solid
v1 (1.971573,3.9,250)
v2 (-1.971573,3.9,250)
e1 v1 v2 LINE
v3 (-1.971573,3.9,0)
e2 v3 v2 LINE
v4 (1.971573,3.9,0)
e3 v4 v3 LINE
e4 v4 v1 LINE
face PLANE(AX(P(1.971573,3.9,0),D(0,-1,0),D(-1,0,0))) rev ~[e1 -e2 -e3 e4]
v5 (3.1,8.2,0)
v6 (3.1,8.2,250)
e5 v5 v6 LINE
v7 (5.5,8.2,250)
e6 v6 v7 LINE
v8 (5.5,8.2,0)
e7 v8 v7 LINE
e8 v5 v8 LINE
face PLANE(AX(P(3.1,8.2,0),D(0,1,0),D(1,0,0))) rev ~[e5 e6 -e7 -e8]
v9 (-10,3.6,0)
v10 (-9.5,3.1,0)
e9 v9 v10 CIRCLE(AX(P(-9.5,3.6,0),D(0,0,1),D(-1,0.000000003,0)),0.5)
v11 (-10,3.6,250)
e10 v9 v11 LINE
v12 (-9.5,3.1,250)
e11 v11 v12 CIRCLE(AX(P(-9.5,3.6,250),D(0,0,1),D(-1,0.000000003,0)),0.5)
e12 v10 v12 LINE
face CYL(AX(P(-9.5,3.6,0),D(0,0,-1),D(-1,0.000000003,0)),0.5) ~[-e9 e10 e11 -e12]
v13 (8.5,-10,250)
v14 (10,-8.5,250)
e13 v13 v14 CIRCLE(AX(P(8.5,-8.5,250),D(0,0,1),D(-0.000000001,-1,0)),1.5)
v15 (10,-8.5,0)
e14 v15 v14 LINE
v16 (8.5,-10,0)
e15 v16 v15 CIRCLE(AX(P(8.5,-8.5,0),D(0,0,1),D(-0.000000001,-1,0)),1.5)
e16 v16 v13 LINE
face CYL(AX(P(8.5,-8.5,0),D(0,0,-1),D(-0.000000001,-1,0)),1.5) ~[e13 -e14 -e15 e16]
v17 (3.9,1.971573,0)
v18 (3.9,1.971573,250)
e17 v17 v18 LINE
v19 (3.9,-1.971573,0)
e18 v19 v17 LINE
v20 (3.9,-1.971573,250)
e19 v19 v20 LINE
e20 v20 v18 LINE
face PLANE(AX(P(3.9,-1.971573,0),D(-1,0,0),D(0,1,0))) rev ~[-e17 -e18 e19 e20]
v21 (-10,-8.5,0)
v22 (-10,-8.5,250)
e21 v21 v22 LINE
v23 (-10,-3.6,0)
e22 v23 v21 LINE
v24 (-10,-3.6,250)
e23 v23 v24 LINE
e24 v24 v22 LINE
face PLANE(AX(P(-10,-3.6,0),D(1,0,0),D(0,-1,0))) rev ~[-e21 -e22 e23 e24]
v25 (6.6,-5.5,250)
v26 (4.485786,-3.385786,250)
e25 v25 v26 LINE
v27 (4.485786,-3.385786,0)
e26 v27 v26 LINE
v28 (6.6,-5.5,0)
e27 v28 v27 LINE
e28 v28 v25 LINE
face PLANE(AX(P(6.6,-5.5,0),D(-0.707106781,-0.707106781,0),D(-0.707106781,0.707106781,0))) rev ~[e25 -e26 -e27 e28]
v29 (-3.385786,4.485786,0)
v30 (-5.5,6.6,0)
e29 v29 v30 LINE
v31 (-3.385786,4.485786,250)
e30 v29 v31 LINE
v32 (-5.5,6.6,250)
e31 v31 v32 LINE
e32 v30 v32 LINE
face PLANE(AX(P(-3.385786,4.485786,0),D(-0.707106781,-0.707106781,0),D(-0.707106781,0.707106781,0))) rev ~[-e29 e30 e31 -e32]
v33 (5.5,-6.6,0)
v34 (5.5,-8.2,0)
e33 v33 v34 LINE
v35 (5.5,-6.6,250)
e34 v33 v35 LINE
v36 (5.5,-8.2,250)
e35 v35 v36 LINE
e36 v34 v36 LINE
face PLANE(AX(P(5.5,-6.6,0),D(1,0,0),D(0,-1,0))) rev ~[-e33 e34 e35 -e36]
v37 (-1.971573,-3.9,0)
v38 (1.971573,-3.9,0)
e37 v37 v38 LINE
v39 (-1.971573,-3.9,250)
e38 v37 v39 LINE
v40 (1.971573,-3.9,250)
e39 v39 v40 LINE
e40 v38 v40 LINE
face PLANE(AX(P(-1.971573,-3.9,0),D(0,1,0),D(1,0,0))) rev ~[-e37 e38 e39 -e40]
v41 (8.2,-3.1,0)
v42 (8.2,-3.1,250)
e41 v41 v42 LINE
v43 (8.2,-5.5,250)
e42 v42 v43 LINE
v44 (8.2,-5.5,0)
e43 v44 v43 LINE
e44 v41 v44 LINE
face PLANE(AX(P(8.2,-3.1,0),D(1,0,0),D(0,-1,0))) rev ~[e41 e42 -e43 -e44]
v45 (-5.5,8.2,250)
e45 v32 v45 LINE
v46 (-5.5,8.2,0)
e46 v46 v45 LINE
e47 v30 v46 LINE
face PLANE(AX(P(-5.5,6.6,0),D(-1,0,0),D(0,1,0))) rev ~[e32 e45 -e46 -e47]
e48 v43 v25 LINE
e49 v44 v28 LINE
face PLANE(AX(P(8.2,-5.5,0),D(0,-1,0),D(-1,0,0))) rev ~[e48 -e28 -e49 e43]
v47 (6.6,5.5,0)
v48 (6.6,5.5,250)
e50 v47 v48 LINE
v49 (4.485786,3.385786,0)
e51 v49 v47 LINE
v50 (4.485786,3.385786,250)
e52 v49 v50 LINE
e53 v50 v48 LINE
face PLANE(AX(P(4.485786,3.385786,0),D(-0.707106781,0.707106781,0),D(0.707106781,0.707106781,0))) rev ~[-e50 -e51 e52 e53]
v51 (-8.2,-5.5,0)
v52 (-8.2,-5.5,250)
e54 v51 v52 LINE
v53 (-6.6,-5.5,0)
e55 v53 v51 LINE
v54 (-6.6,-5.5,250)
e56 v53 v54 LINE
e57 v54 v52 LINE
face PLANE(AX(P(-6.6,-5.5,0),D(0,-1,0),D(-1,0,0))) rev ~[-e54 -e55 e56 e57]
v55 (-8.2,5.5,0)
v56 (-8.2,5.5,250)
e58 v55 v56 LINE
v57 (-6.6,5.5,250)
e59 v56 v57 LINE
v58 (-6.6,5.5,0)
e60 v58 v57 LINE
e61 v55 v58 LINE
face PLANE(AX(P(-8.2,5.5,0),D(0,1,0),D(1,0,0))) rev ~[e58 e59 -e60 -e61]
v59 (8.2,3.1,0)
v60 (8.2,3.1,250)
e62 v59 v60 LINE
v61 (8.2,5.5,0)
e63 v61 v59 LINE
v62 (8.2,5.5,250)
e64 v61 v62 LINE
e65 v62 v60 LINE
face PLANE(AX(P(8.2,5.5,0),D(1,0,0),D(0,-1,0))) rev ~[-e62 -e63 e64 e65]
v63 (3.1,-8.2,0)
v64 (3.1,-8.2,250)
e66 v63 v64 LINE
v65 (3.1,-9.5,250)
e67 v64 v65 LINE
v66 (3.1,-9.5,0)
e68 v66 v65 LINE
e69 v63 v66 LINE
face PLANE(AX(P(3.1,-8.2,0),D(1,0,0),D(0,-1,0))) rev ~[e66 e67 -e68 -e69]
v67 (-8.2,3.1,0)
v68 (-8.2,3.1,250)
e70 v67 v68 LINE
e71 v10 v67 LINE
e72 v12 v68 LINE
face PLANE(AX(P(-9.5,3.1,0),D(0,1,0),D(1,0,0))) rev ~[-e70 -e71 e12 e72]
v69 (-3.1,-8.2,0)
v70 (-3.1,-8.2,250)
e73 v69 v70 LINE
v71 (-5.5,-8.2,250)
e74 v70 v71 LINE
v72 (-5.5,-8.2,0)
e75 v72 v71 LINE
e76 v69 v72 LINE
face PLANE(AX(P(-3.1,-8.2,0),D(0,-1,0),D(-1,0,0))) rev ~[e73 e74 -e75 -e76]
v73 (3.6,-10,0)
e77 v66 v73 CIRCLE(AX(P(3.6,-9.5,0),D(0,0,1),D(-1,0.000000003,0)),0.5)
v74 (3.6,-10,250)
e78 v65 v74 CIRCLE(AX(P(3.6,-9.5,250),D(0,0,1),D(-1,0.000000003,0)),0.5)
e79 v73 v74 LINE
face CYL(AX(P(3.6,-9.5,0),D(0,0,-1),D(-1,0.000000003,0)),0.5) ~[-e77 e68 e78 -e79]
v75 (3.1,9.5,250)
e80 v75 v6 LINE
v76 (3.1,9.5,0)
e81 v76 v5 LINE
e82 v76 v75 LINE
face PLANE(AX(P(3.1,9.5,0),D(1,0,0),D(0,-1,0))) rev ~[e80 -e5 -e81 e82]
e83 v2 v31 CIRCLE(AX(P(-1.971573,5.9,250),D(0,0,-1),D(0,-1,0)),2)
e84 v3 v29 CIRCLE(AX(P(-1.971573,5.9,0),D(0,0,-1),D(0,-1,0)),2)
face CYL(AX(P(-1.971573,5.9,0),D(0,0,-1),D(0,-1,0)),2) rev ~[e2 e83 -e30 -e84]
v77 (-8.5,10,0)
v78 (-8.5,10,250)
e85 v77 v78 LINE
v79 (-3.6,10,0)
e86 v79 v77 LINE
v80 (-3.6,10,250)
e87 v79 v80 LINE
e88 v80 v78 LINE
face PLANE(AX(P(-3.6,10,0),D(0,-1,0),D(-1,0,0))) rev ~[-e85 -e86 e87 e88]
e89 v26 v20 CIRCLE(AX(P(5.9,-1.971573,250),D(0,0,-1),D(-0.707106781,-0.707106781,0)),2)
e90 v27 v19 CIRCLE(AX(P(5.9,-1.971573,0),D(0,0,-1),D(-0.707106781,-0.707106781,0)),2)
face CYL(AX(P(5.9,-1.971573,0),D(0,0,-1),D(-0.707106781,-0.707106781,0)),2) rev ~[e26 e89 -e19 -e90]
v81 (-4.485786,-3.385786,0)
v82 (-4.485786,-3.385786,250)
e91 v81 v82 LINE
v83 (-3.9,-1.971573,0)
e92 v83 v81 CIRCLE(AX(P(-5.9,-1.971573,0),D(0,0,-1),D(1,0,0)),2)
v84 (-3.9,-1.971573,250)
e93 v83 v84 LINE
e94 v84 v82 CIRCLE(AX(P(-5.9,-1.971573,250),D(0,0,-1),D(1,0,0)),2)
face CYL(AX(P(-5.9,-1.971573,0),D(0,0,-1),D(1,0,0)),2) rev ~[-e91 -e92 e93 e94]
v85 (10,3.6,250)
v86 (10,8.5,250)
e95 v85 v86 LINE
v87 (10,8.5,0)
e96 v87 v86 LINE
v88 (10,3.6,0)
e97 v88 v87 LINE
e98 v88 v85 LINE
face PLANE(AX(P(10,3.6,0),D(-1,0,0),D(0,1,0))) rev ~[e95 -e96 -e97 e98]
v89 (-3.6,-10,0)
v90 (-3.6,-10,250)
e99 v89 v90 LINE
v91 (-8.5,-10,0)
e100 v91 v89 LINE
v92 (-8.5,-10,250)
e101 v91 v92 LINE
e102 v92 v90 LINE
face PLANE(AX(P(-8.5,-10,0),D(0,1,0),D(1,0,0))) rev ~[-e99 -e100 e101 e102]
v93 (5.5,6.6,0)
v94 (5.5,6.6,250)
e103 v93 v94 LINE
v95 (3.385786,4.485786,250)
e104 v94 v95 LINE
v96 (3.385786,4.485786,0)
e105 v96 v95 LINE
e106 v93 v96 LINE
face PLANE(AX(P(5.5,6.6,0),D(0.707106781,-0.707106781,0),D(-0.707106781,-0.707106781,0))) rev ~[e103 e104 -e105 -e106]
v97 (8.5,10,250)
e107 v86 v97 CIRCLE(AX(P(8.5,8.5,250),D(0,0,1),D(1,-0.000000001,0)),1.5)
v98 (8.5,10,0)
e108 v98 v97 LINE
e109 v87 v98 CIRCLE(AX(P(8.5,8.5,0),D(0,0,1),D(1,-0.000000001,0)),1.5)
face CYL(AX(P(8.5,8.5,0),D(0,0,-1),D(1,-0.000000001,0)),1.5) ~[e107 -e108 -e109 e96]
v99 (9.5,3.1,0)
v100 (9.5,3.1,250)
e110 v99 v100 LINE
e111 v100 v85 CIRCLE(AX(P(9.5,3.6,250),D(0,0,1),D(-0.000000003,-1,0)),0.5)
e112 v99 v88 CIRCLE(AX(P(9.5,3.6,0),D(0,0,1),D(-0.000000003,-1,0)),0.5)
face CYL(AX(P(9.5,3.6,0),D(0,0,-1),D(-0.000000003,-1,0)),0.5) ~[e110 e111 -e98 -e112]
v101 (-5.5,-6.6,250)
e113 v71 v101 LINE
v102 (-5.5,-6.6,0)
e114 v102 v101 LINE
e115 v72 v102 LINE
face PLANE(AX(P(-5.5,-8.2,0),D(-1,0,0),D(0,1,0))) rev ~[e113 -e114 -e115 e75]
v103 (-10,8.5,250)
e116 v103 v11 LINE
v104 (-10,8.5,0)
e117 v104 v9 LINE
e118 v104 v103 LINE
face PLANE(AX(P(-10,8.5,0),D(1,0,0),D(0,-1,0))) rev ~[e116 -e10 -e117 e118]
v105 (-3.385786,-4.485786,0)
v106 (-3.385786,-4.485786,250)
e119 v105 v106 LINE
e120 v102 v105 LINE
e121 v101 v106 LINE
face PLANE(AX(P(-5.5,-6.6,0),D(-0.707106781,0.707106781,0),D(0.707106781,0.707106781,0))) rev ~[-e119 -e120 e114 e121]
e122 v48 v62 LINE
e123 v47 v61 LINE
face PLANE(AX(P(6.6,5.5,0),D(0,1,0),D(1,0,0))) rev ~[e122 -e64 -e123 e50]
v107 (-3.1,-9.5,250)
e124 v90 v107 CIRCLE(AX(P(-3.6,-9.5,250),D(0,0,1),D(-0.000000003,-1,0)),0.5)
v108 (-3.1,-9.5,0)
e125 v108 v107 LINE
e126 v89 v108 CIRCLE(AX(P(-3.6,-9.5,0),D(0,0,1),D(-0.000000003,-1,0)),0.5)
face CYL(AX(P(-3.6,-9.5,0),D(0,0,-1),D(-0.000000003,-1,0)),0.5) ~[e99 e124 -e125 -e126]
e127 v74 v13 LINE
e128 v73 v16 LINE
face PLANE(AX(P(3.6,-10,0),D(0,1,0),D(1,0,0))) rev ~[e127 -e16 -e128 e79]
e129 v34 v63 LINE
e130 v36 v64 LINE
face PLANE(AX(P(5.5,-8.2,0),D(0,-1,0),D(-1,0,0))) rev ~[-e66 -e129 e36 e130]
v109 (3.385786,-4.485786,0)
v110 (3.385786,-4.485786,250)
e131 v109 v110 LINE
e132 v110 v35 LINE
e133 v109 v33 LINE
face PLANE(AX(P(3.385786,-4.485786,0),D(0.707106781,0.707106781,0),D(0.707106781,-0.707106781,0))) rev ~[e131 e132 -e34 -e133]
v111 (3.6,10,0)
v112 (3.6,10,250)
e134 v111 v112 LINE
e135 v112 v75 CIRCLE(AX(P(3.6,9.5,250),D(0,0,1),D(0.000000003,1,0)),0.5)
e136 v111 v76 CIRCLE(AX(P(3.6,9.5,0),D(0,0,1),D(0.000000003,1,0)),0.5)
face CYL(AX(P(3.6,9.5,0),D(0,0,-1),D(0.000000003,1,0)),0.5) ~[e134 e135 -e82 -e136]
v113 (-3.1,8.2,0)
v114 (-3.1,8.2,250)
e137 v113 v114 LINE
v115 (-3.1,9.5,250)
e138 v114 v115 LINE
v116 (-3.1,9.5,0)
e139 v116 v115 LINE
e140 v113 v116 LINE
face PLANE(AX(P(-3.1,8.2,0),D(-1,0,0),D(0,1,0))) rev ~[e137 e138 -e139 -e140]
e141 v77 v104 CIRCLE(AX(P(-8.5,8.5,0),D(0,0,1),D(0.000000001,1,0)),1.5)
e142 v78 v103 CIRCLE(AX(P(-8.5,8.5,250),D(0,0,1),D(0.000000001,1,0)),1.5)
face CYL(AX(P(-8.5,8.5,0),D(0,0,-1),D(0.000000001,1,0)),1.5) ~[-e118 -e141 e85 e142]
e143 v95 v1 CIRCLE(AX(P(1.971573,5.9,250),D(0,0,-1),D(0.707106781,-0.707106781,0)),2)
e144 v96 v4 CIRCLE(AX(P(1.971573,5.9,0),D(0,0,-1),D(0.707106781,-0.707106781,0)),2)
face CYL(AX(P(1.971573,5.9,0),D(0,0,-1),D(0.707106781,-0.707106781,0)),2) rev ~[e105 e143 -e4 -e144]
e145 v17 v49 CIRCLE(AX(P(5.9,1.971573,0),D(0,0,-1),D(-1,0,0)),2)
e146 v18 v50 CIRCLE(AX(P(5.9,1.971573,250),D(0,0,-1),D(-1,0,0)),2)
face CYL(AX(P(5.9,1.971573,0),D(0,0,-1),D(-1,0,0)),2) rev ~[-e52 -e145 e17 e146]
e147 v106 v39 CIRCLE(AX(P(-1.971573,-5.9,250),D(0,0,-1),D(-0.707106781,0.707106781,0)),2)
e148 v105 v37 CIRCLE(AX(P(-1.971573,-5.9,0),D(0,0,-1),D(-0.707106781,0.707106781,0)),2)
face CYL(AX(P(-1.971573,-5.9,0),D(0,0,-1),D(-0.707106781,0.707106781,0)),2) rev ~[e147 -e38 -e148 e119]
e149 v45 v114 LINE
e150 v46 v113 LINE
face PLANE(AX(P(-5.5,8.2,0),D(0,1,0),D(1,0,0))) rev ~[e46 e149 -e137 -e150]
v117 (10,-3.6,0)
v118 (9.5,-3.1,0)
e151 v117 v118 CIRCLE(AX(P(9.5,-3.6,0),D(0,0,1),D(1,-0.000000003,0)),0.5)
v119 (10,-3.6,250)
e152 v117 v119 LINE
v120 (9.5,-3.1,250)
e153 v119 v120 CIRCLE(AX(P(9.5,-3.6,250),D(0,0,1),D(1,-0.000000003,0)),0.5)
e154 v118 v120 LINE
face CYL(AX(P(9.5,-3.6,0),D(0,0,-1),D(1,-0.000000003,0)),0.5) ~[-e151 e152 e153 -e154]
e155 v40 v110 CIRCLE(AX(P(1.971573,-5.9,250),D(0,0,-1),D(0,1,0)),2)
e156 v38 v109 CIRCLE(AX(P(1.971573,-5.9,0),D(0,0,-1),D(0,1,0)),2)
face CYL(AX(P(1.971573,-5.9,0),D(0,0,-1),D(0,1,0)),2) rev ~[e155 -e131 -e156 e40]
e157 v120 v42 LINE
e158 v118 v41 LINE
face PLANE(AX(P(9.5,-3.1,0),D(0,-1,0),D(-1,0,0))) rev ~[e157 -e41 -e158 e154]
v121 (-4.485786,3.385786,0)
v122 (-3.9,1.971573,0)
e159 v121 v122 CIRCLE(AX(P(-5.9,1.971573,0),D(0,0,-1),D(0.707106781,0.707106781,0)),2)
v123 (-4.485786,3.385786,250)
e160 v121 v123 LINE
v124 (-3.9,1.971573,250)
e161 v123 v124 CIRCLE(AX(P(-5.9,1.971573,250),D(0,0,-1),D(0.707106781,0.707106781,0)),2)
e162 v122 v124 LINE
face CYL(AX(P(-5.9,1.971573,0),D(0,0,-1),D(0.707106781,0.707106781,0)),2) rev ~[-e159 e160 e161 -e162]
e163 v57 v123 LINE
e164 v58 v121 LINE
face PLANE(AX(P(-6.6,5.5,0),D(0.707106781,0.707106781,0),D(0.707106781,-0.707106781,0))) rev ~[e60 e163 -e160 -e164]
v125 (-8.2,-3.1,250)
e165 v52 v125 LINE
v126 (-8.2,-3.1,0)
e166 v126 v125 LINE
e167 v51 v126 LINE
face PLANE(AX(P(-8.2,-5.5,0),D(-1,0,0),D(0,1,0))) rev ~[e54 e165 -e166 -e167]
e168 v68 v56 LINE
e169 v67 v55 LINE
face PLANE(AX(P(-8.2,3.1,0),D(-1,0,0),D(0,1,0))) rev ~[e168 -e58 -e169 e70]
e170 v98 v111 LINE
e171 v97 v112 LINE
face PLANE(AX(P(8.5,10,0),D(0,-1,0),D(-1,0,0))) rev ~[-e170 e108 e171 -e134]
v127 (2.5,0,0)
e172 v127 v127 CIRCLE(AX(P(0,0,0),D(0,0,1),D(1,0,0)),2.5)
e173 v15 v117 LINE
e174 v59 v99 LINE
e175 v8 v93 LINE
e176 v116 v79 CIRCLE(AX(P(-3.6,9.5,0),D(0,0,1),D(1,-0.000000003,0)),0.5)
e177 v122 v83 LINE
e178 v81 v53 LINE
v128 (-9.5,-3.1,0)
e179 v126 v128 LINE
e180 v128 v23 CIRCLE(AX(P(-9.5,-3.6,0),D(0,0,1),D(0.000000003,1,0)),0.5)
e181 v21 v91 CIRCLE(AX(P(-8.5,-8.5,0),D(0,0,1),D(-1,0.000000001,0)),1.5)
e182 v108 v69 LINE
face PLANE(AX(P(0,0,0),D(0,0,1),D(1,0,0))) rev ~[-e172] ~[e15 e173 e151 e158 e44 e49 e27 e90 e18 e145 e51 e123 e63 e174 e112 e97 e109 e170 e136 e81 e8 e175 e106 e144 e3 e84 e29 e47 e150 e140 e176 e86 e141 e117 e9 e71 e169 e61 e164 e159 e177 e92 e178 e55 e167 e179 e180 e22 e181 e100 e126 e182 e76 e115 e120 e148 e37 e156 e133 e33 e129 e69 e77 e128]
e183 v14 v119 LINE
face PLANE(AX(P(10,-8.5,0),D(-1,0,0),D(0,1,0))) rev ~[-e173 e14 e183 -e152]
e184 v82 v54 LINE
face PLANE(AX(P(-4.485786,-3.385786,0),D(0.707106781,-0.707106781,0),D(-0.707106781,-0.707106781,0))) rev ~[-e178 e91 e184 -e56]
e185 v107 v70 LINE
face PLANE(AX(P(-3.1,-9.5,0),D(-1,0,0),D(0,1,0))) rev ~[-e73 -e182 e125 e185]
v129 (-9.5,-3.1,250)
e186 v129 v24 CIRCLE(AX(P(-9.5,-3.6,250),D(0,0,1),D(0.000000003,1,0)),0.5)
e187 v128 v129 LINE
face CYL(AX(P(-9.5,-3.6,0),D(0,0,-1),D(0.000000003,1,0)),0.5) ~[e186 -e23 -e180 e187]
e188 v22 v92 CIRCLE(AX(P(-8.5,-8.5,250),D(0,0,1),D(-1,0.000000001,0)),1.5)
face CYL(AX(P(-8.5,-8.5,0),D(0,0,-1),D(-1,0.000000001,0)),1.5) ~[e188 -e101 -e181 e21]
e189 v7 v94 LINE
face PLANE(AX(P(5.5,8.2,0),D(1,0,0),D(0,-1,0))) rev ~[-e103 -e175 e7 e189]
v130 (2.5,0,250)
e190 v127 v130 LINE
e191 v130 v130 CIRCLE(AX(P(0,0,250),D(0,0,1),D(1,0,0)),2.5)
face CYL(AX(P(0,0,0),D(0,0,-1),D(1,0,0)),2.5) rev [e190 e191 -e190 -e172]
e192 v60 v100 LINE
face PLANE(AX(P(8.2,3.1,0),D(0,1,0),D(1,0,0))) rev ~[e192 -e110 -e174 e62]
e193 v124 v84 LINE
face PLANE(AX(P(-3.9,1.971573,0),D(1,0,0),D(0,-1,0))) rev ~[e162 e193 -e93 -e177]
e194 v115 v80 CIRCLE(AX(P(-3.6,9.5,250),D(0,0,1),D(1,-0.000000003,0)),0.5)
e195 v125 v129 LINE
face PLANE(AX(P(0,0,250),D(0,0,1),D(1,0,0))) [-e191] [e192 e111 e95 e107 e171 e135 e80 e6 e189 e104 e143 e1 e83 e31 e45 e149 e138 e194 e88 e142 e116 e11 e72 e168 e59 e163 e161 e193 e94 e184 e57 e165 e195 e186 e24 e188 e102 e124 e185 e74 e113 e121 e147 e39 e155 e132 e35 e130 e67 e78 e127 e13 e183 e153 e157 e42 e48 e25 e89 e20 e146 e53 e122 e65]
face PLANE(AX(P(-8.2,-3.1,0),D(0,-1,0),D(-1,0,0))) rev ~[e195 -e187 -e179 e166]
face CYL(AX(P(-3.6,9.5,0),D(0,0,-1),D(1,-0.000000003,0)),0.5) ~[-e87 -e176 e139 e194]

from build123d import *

# Parameters (mm, degrees)
SKETCH_1_R      = 2.5
EXTRUDE_1_DEPTH = 250


with BuildPart() as part:
    # 草图1 → 凸台-拉伸1 (new body)
    with BuildSketch(Plane.XY):
        with BuildLine():
            Line((3.9, 0), (3.9, 1.971572875))
            ThreePointArc((3.9, 1.971572875), (4.052240935, 2.73693974), (4.485786438, 3.385786438))
            Line((4.485786438, 3.385786438), (6.6, 5.5))
            Line((6.6, 5.5), (8.2, 5.5))
            Line((8.2, 5.5), (8.2, 3.1))
            Line((8.2, 3.1), (9.5, 3.1))
            ThreePointArc((9.5, 3.1), (9.853553391, 3.246446609), (10, 3.6))
            Line((10, 3.6), (10, 8.5))
            ThreePointArc((10, 8.5), (9.560660172, 9.560660172), (8.5, 10))
            Line((8.5, 10), (3.6, 10))
            ThreePointArc((3.6, 10), (3.246446609, 9.853553391), (3.1, 9.5))
            Line((3.1, 9.5), (3.1, 8.2))
            Line((3.1, 8.2), (5.5, 8.2))
            Line((5.5, 8.2), (5.5, 6.6))
            Line((5.5, 6.6), (3.385786438, 4.485786438))
            ThreePointArc((3.385786438, 4.485786438), (2.73693974, 4.052240935), (1.971572875, 3.9))
            Line((1.971572875, 3.9), (0, 3.9))
            Line((0, 3.9), (-1.971572875, 3.9))
            ThreePointArc((-1.971572875, 3.9), (-2.73693974, 4.052240935), (-3.385786438, 4.485786438))
            Line((-3.385786438, 4.485786438), (-5.5, 6.6))
            Line((-5.5, 6.6), (-5.5, 8.2))
            Line((-5.5, 8.2), (-3.1, 8.2))
            Line((-3.1, 8.2), (-3.1, 9.5))
            ThreePointArc((-3.1, 9.5), (-3.246446609, 9.853553391), (-3.6, 10))
            Line((-3.6, 10), (-8.5, 10))
            ThreePointArc((-8.5, 10), (-9.560660172, 9.560660172), (-10, 8.5))
            Line((-10, 8.5), (-10, 3.6))
            ThreePointArc((-10, 3.6), (-9.853553391, 3.246446609), (-9.5, 3.1))
            Line((-9.5, 3.1), (-8.2, 3.1))
            Line((-8.2, 3.1), (-8.2, 5.5))
            Line((-8.2, 5.5), (-6.6, 5.5))
            Line((-6.6, 5.5), (-4.485786438, 3.385786438))
            ThreePointArc((-4.485786438, 3.385786438), (-4.052240935, 2.73693974), (-3.9, 1.971572875))
            Line((-3.9, 1.971572875), (-3.9, 0))
            Line((-3.9, 0), (-3.9, -1.971572875))
            ThreePointArc((-3.9, -1.971572875), (-4.052240935, -2.73693974), (-4.485786438, -3.385786438))
            Line((-4.485786438, -3.385786438), (-6.6, -5.5))
            Line((-6.6, -5.5), (-8.2, -5.5))
            Line((-8.2, -5.5), (-8.2, -3.1))
            Line((-8.2, -3.1), (-9.5, -3.1))
            ThreePointArc((-9.5, -3.1), (-9.853553391, -3.246446609), (-10, -3.6))
            Line((-10, -3.6), (-10, -8.5))
            ThreePointArc((-10, -8.5), (-9.560660172, -9.560660172), (-8.5, -10))
            Line((-8.5, -10), (-3.6, -10))
            ThreePointArc((-3.6, -10), (-3.246446609, -9.853553391), (-3.1, -9.5))
            Line((-3.1, -9.5), (-3.1, -8.2))
            Line((-3.1, -8.2), (-5.5, -8.2))
            Line((-5.5, -8.2), (-5.5, -6.6))
            Line((-5.5, -6.6), (-3.385786438, -4.485786438))
            ThreePointArc((-3.385786438, -4.485786438), (-2.73693974, -4.052240935), (-1.971572875, -3.9))
            Line((-1.971572875, -3.9), (0, -3.9))
            Line((0, -3.9), (1.971572875, -3.9))
            ThreePointArc((1.971572875, -3.9), (2.73693974, -4.052240935), (3.385786438, -4.485786438))
            Line((3.385786438, -4.485786438), (5.5, -6.6))
            Line((5.5, -6.6), (5.5, -8.2))
            Line((5.5, -8.2), (3.1, -8.2))
            Line((3.1, -8.2), (3.1, -9.5))
            ThreePointArc((3.1, -9.5), (3.246446609, -9.853553391), (3.6, -10))
            Line((3.6, -10), (8.5, -10))
            ThreePointArc((8.5, -10), (9.560660172, -9.560660172), (10, -8.5))
            Line((10, -8.5), (10, -3.6))
            ThreePointArc((10, -3.6), (9.853553391, -3.246446609), (9.5, -3.1))
            Line((9.5, -3.1), (8.2, -3.1))
            Line((8.2, -3.1), (8.2, -5.5))
            Line((8.2, -5.5), (6.6, -5.5))
            Line((6.6, -5.5), (4.485786438, -3.385786438))
            ThreePointArc((4.485786438, -3.385786438), (4.052240935, -2.73693974), (3.9, -1.971572875))
            Line((3.9, -1.971572875), (3.9, 0))
        make_face()
        Circle(SKETCH_1_R, mode=Mode.SUBTRACT)
    extrude(amount=EXTRUDE_1_DEPTH)


solid = part.part
